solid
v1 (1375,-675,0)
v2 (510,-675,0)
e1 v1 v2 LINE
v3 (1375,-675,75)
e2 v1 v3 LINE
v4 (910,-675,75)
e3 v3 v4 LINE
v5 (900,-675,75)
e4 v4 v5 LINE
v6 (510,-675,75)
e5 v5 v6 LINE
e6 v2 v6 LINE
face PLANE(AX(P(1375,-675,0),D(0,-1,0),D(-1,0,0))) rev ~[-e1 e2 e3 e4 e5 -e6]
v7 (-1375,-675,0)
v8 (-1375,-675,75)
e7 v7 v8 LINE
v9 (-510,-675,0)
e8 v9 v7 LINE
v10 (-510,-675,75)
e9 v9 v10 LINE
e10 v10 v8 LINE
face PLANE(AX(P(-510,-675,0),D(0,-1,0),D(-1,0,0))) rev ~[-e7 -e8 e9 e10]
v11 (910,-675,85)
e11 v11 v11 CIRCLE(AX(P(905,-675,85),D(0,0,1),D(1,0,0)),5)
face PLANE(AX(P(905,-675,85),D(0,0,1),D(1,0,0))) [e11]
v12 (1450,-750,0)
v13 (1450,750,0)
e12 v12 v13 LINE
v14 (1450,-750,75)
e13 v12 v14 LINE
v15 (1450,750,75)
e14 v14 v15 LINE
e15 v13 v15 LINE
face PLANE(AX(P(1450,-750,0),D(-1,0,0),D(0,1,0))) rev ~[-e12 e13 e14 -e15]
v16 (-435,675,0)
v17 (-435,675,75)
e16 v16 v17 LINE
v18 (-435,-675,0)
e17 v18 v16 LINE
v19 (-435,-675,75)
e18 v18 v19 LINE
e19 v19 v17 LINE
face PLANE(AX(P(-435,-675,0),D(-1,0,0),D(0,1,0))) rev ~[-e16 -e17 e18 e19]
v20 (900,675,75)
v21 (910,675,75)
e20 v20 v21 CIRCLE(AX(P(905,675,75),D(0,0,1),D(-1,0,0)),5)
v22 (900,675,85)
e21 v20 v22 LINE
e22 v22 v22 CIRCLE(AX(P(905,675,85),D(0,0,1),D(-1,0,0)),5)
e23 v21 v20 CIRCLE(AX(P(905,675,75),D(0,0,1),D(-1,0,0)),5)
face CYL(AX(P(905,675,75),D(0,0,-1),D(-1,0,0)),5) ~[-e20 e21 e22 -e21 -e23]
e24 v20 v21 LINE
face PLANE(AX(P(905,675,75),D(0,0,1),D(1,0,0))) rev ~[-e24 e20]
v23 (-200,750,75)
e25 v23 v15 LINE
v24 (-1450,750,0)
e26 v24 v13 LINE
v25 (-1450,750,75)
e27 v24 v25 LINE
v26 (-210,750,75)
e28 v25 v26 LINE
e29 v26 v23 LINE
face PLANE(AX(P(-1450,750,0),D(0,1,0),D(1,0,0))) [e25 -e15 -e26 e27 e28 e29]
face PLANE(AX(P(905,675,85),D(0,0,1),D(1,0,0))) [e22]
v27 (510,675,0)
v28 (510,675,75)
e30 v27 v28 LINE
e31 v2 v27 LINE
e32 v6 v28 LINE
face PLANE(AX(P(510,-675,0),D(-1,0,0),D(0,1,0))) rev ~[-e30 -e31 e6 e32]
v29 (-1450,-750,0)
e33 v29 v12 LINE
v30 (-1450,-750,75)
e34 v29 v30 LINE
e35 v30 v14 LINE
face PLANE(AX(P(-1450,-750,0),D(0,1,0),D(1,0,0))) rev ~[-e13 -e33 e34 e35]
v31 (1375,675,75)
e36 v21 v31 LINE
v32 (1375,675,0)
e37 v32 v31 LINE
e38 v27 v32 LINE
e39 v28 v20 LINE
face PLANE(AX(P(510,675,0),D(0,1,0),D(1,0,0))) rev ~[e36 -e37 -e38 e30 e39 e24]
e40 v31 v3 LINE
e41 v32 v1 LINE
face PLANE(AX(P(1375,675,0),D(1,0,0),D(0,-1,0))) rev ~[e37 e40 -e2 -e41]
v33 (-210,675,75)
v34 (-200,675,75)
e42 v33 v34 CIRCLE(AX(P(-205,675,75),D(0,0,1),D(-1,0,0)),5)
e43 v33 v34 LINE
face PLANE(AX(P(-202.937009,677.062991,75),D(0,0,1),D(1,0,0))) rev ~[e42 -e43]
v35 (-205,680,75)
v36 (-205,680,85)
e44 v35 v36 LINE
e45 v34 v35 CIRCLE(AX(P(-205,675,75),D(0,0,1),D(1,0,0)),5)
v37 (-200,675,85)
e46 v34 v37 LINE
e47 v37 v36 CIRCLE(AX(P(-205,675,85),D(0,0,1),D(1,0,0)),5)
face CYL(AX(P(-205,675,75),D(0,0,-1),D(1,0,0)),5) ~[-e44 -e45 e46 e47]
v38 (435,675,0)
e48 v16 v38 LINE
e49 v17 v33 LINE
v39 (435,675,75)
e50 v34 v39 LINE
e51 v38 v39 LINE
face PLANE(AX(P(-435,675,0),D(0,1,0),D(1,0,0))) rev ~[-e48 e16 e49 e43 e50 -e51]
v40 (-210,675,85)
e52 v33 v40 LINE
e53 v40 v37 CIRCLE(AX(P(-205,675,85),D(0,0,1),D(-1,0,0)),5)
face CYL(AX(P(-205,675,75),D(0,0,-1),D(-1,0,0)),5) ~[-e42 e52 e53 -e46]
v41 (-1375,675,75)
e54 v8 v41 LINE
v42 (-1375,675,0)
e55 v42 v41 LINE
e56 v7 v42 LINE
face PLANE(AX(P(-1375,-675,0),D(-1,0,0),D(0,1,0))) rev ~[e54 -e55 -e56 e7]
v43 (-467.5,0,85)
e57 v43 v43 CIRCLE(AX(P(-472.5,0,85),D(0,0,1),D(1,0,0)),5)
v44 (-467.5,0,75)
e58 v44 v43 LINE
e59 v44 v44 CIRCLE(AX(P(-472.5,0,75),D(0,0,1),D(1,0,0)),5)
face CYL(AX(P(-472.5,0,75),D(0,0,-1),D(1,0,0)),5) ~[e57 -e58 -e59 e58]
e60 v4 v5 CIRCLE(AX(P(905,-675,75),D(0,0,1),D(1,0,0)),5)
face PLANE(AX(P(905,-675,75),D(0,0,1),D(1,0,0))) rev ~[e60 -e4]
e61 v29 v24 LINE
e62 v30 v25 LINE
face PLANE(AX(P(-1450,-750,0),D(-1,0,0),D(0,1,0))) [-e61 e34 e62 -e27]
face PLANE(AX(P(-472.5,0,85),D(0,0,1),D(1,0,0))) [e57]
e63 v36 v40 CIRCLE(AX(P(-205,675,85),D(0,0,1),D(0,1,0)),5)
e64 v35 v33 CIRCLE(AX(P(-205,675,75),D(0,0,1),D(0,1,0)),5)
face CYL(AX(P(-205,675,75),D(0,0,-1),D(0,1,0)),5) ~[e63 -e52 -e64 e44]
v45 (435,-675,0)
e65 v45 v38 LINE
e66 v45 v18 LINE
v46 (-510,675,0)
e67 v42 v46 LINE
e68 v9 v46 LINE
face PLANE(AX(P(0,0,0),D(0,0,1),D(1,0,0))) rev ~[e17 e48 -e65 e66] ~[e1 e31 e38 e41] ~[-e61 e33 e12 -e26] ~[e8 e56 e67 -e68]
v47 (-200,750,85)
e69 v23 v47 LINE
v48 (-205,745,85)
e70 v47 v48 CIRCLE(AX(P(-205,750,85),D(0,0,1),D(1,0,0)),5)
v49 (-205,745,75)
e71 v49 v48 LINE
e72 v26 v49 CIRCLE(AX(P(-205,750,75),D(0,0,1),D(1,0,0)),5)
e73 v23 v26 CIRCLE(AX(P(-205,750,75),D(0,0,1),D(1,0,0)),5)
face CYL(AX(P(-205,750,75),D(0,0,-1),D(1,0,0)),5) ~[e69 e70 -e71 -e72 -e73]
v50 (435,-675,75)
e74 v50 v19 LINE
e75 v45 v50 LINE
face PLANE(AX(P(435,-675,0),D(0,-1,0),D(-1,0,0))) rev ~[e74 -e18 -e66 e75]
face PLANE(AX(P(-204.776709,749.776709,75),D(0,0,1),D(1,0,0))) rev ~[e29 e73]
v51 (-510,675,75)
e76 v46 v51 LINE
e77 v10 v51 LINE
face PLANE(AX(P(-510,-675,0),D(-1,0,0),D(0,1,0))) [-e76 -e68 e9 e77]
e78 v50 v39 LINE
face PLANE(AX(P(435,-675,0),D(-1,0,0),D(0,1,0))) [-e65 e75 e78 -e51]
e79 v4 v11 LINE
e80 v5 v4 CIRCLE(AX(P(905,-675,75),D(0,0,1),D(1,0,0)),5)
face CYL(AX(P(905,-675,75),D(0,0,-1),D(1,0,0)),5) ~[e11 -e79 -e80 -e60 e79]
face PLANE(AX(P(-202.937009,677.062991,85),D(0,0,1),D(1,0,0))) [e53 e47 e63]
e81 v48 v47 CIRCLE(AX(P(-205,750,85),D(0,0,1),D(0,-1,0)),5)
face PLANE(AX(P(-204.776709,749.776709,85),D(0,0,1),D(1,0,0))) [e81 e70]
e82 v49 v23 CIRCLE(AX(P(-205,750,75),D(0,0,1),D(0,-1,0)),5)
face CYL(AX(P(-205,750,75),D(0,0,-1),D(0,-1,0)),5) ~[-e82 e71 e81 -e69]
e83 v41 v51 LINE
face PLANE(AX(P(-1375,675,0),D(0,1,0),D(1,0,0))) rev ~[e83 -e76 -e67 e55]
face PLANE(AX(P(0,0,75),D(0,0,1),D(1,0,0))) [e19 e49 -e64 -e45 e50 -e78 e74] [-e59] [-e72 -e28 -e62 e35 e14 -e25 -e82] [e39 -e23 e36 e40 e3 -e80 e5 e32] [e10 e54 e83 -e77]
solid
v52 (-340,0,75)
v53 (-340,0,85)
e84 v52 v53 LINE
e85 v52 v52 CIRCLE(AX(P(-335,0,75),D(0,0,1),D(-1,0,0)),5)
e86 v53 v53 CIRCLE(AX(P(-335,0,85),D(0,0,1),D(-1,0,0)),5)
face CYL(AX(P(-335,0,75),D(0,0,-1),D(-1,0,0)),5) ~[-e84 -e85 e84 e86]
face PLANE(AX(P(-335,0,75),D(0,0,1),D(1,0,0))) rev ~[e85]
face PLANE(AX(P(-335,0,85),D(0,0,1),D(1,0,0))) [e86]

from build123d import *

# Parameters (mm, degrees)
F0_W     = 2900
F0_H     = 1500
F0_W_2   = 75
F0_H_2   = 1350
F1_DEPTH = 75
F3_DEPTH = 10
F2_R     = 5
F4_DEPTH = 10


with BuildPart() as f1:
    # F0 (on Top) → F1 (new body)
    with BuildSketch(Plane.XY):
        Rectangle(F0_W, F0_H)
        Polygon((-510, -675), (-1375, -675), (-1375, 675), (-510, 675), (-435, 675), (435, 675), (510, 675), (1375, 675), (1375, -675), (510, -675), (435, -675), (-435, -675), align=None, mode=Mode.SUBTRACT)
        with Locations((-472.5, 0)):
            Rectangle(F0_W_2, F0_H_2)
        with Locations((472.5, 0)):
            Rectangle(F0_W_2, F0_H_2)
    extrude(amount=F1_DEPTH)

    # F2 (on face) → F3, piece 2 (join)
    with BuildSketch(Plane.XY.offset(75)):
        with Locations((-472.5, 0)):
            Circle(F2_R)
        with BuildLine():
            Line((-205, 680), (-205, 675))
            Line((-205, 675), (-200, 675))
            ThreePointArc((-200, 675), (-201.4644660941, 678.5355339059), (-205, 680))
        make_face()
        with BuildLine():
            Line((-200, 675), (-205, 675))
            Line((-205, 675), (-210, 675))
            ThreePointArc((-210, 675), (-205, 670), (-200, 675))
        make_face()
        with BuildLine():
            Line((-210, 675), (-205, 675))
            Line((-205, 675), (-205, 680))
            ThreePointArc((-205, 680), (-208.5355339059, 678.5355339059), (-210, 675))
        make_face()
        with BuildLine():
            ThreePointArc((910, 675), (905, 680), (900, 675))
            ThreePointArc((900, 675), (905, 670), (910, 675))
        make_face()
        with BuildLine():
            ThreePointArc((-200, 750), (-208.5355339059, 753.5355339059), (-205, 745))
            ThreePointArc((-205, 745), (-201.4644660941, 746.4644660941), (-200, 750))
        make_face()
        with BuildLine():
            ThreePointArc((900, -675), (905, -680), (910, -675))
            ThreePointArc((910, -675), (905, -670), (900, -675))
        make_face()
    extrude(amount=F3_DEPTH)

    # F2 (on face) → F4, piece 2 (join)
    with BuildSketch(Plane.XY.offset(75)):
        with Locations((-472.5, 0)):
            Circle(F2_R)
        with BuildLine():
            Line((-205, 680), (-205, 675))
            Line((-205, 675), (-200, 675))
            ThreePointArc((-200, 675), (-201.4644660941, 678.5355339059), (-205, 680))
        make_face()
        with BuildLine():
            Line((-200, 675), (-205, 675))
            Line((-205, 675), (-210, 675))
            ThreePointArc((-210, 675), (-205, 670), (-200, 675))
        make_face()
        with BuildLine():
            Line((-210, 675), (-205, 675))
            Line((-205, 675), (-205, 680))
            ThreePointArc((-205, 680), (-208.5355339059, 678.5355339059), (-210, 675))
        make_face()
        with BuildLine():
            ThreePointArc((910, 675), (905, 680), (900, 675))
            ThreePointArc((900, 675), (905, 670), (910, 675))
        make_face()
        with BuildLine():
            ThreePointArc((-200, 750), (-208.5355339059, 753.5355339059), (-205, 745))
            ThreePointArc((-205, 745), (-201.4644660941, 746.4644660941), (-200, 750))
        make_face()
        with BuildLine():
            ThreePointArc((900, -675), (905, -680), (910, -675))
            ThreePointArc((910, -675), (905, -670), (900, -675))
        make_face()
    extrude(amount=F4_DEPTH)


with BuildPart() as f3:
    # F2 (on face) → F3 (new body)
    with BuildSketch(Plane.XY.offset(75)):
        with BuildLine():
            ThreePointArc((-330, 0), (-335, 5), (-340, 0))
            ThreePointArc((-340, 0), (-335, -5), (-330, 0))
        make_face()
    extrude(amount=F3_DEPTH)

    # F2 (on face) → F4 (join)
    with BuildSketch(Plane.XY.offset(75)):
        with BuildLine():
            ThreePointArc((-330, 0), (-335, 5), (-340, 0))
            ThreePointArc((-340, 0), (-335, -5), (-330, 0))
        make_face()
    extrude(amount=F4_DEPTH)


solid = Compound([f1.part, f3.part])
